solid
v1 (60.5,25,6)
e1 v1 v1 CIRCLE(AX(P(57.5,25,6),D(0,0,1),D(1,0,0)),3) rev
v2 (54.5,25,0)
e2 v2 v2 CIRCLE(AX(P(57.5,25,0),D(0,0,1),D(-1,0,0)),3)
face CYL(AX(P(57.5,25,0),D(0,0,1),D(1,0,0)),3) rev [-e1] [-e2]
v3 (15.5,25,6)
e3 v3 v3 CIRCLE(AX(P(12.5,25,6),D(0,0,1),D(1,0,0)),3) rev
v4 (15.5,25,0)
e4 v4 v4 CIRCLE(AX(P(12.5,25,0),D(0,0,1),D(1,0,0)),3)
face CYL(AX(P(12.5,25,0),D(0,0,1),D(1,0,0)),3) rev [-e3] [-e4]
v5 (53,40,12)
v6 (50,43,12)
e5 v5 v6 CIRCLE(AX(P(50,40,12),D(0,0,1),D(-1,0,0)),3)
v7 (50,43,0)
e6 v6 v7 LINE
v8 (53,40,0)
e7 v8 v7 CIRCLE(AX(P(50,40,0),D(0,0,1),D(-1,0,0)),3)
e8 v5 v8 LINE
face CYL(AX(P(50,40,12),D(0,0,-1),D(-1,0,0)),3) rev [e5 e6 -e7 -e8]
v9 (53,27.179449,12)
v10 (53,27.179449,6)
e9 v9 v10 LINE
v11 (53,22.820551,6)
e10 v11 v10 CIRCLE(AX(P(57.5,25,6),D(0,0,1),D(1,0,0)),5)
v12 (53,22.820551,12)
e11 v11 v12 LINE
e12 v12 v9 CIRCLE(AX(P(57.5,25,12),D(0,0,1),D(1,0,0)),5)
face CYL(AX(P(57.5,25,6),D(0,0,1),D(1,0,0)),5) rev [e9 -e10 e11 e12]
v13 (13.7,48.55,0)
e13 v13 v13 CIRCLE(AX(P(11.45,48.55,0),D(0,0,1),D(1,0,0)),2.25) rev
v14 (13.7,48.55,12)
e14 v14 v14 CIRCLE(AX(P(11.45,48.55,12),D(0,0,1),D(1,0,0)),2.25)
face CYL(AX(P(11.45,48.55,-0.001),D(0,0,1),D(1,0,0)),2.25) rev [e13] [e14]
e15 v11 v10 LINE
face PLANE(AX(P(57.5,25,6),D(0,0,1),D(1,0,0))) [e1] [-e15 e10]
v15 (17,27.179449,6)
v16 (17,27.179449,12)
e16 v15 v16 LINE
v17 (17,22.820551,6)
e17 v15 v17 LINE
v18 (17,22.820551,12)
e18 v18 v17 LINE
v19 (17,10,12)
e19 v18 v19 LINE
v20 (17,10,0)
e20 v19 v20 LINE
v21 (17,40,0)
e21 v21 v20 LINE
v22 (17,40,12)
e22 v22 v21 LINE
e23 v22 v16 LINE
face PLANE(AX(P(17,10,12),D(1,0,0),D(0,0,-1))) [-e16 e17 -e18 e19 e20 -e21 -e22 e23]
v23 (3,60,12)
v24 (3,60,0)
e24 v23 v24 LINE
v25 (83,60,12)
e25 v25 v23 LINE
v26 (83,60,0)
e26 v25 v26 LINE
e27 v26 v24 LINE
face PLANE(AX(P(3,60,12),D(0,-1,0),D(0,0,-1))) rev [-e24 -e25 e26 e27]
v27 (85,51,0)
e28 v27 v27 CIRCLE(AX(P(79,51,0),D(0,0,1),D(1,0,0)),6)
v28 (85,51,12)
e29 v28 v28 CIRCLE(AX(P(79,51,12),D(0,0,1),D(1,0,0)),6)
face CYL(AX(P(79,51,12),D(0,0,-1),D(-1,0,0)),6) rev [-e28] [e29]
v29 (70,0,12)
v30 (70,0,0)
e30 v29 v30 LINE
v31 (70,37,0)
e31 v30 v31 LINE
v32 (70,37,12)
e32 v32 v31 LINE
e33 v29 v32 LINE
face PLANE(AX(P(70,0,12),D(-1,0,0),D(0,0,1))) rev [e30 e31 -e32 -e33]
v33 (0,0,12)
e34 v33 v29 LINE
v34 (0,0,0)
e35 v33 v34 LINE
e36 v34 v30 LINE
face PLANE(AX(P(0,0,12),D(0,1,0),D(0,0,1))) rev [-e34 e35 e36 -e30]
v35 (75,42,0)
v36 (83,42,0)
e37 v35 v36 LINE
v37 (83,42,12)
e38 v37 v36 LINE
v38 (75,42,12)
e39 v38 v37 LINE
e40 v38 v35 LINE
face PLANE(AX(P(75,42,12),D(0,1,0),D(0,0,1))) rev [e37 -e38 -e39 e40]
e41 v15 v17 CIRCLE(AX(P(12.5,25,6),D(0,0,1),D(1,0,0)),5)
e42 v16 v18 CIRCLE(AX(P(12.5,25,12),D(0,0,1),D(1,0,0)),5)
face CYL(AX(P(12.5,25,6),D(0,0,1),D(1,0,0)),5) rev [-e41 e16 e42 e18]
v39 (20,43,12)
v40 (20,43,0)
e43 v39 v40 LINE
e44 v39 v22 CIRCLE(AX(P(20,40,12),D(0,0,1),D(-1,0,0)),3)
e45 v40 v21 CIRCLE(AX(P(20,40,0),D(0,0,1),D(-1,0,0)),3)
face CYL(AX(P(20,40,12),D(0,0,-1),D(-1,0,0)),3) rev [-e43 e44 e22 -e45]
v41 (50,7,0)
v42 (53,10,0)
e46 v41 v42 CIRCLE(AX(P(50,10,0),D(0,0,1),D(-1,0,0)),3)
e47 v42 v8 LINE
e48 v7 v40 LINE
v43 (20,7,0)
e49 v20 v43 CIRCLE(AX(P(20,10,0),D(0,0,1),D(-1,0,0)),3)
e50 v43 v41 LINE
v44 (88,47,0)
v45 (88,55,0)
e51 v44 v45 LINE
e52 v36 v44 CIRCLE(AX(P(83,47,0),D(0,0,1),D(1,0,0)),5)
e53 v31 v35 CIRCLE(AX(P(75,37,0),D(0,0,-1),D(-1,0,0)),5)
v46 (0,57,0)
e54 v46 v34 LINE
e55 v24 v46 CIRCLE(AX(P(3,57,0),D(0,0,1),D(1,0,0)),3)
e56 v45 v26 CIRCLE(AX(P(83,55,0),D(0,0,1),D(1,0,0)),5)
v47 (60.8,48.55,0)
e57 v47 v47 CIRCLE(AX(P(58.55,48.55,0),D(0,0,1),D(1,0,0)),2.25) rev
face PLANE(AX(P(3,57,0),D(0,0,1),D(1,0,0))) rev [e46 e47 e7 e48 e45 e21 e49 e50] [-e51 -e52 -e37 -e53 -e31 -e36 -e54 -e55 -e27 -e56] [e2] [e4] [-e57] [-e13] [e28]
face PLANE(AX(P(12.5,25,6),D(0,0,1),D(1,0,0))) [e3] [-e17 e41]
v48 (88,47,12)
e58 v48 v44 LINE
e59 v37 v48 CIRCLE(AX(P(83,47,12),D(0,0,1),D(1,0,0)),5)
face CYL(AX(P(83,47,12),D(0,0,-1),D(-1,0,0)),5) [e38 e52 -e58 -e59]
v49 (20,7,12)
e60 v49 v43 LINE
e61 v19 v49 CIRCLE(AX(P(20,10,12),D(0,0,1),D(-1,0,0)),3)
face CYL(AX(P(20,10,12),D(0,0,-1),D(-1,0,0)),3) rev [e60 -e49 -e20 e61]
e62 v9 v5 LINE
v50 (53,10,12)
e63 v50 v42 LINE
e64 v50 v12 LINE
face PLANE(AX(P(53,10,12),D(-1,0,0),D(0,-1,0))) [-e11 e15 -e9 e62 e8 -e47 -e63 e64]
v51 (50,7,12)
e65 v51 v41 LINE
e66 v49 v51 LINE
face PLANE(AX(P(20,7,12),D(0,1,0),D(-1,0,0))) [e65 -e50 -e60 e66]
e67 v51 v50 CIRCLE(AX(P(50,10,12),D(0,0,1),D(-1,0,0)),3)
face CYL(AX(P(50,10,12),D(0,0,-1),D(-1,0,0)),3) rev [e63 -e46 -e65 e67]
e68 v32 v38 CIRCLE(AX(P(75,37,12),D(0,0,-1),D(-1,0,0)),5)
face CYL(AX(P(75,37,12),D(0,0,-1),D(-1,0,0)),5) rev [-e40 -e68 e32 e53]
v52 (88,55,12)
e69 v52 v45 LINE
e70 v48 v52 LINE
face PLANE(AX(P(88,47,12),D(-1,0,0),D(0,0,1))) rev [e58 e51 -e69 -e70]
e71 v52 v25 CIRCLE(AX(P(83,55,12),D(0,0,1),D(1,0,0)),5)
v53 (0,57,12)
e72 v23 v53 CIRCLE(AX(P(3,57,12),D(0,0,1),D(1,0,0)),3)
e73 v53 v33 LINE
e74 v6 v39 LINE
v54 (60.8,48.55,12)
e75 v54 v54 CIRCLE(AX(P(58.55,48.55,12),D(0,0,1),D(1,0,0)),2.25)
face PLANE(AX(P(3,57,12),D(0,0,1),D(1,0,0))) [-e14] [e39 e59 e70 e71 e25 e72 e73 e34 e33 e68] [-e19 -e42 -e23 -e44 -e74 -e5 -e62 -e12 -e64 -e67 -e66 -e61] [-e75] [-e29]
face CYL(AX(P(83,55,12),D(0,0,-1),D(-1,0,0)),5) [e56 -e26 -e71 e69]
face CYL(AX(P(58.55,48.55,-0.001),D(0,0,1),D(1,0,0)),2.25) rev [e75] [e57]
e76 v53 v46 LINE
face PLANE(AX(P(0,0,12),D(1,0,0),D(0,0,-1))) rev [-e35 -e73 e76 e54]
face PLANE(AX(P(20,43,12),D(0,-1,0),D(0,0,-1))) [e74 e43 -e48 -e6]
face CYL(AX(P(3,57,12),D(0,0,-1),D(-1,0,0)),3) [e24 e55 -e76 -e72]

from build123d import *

# Parameters (mm, degrees)
ESQUISSE1_R             = 6
BOSS_EXTRU_1_DEPTH      = 12
ESQUISSE2_R             = 3
ENL_V_MAT_EXTRU_1_DEPTH = 12
ESQUISSE3_R             = 5
ENL_V_MAT_EXTRU_2_DEPTH = 6
ENL_V_MAT_EXTRU_3_REACH = 109.182
ESQUISSE4_R             = 2.25


with BuildPart() as part:
    # Esquisse1 → Boss.-Extru.1 (new body)
    with BuildSketch(Plane.XY):
        with BuildLine():
            Line((0, 0), (70, 0))
            Line((70, 0), (70, 37))
            ThreePointArc((70, 37), (71.464466094, 40.535533906), (75, 42))
            Line((75, 42), (83, 42))
            ThreePointArc((83, 42), (86.535533906, 43.464466094), (88, 47))
            Line((88, 47), (88, 55))
            ThreePointArc((88, 55), (86.535533906, 58.535533906), (83, 60))
            Line((83, 60), (70, 60))
            Line((70, 60), (3, 60))
            ThreePointArc((3, 60), (0.878679656, 59.121320344), (0, 57))
            Line((0, 57), (0, 0))
        make_face()
        with Locations((79, 51)):
            Circle(ESQUISSE1_R, mode=Mode.SUBTRACT)
        with BuildLine():
            Line((20, 7), (50, 7))
            ThreePointArc((50, 7), (52.121320344, 7.878679656), (53, 10))
            Line((53, 10), (53, 40))
            ThreePointArc((53, 40), (52.121320344, 42.121320344), (50, 43))
            Line((50, 43), (20, 43))
            ThreePointArc((20, 43), (17.878679656, 42.121320344), (17, 40))
            Line((17, 40), (17, 10))
            ThreePointArc((17, 10), (17.878679656, 7.878679656), (20, 7))
        make_face(mode=Mode.SUBTRACT)
    extrude(amount=BOSS_EXTRU_1_DEPTH)

    # Esquisse2 → Enlèv. mat.-Extru.1 (cut)
    with BuildSketch(Plane.XY.offset(12)):
        with Locations((12.5, 25)):
            Circle(ESQUISSE2_R)
        with Locations(Location((57.5, 25, 0), (0, 0, 180))):
            Circle(ESQUISSE2_R)
    extrude(amount=-ENL_V_MAT_EXTRU_1_DEPTH, mode=Mode.SUBTRACT)

    # Esquisse3 → Enlèv. mat.-Extru.2 (cut)
    with BuildSketch(Plane.XY.offset(12)):
        with Locations((12.5, 25)):
            Circle(ESQUISSE3_R)
        with Locations((57.5, 25)):
            Circle(ESQUISSE3_R)
    extrude(amount=-ENL_V_MAT_EXTRU_2_DEPTH, mode=Mode.SUBTRACT)

    # Esquisse4 → Enlèv. mat.-Extru.3 (cut, up to next)
    with BuildSketch(Plane.XY.offset(12), mode=Mode.PRIVATE) as enl_v_mat_extru_3_sk1:
        with Locations((11.45, 48.55)):
            Circle(ESQUISSE4_R)
    enl_v_mat_extru_3_tool1 = extrude(enl_v_mat_extru_3_sk1.sketch, amount=-ENL_V_MAT_EXTRU_3_REACH, mode=Mode.PRIVATE) & part.part
    # Esquisse4 → Enlèv. mat.-Extru.3 (cut, up to next)
    with BuildSketch(Plane.XY.offset(12), mode=Mode.PRIVATE) as enl_v_mat_extru_3_sk2:
        with Locations((58.55, 48.55)):
            Circle(ESQUISSE4_R)
    enl_v_mat_extru_3_tool2 = extrude(enl_v_mat_extru_3_sk2.sketch, amount=-ENL_V_MAT_EXTRU_3_REACH, mode=Mode.PRIVATE) & part.part
    add(enl_v_mat_extru_3_tool1.solids().sort_by_distance((11.45, 48.55, 12))[0], mode=Mode.SUBTRACT)
    add(enl_v_mat_extru_3_tool2.solids().sort_by_distance((58.55, 48.55, 12))[0], mode=Mode.SUBTRACT)


solid = part.part
